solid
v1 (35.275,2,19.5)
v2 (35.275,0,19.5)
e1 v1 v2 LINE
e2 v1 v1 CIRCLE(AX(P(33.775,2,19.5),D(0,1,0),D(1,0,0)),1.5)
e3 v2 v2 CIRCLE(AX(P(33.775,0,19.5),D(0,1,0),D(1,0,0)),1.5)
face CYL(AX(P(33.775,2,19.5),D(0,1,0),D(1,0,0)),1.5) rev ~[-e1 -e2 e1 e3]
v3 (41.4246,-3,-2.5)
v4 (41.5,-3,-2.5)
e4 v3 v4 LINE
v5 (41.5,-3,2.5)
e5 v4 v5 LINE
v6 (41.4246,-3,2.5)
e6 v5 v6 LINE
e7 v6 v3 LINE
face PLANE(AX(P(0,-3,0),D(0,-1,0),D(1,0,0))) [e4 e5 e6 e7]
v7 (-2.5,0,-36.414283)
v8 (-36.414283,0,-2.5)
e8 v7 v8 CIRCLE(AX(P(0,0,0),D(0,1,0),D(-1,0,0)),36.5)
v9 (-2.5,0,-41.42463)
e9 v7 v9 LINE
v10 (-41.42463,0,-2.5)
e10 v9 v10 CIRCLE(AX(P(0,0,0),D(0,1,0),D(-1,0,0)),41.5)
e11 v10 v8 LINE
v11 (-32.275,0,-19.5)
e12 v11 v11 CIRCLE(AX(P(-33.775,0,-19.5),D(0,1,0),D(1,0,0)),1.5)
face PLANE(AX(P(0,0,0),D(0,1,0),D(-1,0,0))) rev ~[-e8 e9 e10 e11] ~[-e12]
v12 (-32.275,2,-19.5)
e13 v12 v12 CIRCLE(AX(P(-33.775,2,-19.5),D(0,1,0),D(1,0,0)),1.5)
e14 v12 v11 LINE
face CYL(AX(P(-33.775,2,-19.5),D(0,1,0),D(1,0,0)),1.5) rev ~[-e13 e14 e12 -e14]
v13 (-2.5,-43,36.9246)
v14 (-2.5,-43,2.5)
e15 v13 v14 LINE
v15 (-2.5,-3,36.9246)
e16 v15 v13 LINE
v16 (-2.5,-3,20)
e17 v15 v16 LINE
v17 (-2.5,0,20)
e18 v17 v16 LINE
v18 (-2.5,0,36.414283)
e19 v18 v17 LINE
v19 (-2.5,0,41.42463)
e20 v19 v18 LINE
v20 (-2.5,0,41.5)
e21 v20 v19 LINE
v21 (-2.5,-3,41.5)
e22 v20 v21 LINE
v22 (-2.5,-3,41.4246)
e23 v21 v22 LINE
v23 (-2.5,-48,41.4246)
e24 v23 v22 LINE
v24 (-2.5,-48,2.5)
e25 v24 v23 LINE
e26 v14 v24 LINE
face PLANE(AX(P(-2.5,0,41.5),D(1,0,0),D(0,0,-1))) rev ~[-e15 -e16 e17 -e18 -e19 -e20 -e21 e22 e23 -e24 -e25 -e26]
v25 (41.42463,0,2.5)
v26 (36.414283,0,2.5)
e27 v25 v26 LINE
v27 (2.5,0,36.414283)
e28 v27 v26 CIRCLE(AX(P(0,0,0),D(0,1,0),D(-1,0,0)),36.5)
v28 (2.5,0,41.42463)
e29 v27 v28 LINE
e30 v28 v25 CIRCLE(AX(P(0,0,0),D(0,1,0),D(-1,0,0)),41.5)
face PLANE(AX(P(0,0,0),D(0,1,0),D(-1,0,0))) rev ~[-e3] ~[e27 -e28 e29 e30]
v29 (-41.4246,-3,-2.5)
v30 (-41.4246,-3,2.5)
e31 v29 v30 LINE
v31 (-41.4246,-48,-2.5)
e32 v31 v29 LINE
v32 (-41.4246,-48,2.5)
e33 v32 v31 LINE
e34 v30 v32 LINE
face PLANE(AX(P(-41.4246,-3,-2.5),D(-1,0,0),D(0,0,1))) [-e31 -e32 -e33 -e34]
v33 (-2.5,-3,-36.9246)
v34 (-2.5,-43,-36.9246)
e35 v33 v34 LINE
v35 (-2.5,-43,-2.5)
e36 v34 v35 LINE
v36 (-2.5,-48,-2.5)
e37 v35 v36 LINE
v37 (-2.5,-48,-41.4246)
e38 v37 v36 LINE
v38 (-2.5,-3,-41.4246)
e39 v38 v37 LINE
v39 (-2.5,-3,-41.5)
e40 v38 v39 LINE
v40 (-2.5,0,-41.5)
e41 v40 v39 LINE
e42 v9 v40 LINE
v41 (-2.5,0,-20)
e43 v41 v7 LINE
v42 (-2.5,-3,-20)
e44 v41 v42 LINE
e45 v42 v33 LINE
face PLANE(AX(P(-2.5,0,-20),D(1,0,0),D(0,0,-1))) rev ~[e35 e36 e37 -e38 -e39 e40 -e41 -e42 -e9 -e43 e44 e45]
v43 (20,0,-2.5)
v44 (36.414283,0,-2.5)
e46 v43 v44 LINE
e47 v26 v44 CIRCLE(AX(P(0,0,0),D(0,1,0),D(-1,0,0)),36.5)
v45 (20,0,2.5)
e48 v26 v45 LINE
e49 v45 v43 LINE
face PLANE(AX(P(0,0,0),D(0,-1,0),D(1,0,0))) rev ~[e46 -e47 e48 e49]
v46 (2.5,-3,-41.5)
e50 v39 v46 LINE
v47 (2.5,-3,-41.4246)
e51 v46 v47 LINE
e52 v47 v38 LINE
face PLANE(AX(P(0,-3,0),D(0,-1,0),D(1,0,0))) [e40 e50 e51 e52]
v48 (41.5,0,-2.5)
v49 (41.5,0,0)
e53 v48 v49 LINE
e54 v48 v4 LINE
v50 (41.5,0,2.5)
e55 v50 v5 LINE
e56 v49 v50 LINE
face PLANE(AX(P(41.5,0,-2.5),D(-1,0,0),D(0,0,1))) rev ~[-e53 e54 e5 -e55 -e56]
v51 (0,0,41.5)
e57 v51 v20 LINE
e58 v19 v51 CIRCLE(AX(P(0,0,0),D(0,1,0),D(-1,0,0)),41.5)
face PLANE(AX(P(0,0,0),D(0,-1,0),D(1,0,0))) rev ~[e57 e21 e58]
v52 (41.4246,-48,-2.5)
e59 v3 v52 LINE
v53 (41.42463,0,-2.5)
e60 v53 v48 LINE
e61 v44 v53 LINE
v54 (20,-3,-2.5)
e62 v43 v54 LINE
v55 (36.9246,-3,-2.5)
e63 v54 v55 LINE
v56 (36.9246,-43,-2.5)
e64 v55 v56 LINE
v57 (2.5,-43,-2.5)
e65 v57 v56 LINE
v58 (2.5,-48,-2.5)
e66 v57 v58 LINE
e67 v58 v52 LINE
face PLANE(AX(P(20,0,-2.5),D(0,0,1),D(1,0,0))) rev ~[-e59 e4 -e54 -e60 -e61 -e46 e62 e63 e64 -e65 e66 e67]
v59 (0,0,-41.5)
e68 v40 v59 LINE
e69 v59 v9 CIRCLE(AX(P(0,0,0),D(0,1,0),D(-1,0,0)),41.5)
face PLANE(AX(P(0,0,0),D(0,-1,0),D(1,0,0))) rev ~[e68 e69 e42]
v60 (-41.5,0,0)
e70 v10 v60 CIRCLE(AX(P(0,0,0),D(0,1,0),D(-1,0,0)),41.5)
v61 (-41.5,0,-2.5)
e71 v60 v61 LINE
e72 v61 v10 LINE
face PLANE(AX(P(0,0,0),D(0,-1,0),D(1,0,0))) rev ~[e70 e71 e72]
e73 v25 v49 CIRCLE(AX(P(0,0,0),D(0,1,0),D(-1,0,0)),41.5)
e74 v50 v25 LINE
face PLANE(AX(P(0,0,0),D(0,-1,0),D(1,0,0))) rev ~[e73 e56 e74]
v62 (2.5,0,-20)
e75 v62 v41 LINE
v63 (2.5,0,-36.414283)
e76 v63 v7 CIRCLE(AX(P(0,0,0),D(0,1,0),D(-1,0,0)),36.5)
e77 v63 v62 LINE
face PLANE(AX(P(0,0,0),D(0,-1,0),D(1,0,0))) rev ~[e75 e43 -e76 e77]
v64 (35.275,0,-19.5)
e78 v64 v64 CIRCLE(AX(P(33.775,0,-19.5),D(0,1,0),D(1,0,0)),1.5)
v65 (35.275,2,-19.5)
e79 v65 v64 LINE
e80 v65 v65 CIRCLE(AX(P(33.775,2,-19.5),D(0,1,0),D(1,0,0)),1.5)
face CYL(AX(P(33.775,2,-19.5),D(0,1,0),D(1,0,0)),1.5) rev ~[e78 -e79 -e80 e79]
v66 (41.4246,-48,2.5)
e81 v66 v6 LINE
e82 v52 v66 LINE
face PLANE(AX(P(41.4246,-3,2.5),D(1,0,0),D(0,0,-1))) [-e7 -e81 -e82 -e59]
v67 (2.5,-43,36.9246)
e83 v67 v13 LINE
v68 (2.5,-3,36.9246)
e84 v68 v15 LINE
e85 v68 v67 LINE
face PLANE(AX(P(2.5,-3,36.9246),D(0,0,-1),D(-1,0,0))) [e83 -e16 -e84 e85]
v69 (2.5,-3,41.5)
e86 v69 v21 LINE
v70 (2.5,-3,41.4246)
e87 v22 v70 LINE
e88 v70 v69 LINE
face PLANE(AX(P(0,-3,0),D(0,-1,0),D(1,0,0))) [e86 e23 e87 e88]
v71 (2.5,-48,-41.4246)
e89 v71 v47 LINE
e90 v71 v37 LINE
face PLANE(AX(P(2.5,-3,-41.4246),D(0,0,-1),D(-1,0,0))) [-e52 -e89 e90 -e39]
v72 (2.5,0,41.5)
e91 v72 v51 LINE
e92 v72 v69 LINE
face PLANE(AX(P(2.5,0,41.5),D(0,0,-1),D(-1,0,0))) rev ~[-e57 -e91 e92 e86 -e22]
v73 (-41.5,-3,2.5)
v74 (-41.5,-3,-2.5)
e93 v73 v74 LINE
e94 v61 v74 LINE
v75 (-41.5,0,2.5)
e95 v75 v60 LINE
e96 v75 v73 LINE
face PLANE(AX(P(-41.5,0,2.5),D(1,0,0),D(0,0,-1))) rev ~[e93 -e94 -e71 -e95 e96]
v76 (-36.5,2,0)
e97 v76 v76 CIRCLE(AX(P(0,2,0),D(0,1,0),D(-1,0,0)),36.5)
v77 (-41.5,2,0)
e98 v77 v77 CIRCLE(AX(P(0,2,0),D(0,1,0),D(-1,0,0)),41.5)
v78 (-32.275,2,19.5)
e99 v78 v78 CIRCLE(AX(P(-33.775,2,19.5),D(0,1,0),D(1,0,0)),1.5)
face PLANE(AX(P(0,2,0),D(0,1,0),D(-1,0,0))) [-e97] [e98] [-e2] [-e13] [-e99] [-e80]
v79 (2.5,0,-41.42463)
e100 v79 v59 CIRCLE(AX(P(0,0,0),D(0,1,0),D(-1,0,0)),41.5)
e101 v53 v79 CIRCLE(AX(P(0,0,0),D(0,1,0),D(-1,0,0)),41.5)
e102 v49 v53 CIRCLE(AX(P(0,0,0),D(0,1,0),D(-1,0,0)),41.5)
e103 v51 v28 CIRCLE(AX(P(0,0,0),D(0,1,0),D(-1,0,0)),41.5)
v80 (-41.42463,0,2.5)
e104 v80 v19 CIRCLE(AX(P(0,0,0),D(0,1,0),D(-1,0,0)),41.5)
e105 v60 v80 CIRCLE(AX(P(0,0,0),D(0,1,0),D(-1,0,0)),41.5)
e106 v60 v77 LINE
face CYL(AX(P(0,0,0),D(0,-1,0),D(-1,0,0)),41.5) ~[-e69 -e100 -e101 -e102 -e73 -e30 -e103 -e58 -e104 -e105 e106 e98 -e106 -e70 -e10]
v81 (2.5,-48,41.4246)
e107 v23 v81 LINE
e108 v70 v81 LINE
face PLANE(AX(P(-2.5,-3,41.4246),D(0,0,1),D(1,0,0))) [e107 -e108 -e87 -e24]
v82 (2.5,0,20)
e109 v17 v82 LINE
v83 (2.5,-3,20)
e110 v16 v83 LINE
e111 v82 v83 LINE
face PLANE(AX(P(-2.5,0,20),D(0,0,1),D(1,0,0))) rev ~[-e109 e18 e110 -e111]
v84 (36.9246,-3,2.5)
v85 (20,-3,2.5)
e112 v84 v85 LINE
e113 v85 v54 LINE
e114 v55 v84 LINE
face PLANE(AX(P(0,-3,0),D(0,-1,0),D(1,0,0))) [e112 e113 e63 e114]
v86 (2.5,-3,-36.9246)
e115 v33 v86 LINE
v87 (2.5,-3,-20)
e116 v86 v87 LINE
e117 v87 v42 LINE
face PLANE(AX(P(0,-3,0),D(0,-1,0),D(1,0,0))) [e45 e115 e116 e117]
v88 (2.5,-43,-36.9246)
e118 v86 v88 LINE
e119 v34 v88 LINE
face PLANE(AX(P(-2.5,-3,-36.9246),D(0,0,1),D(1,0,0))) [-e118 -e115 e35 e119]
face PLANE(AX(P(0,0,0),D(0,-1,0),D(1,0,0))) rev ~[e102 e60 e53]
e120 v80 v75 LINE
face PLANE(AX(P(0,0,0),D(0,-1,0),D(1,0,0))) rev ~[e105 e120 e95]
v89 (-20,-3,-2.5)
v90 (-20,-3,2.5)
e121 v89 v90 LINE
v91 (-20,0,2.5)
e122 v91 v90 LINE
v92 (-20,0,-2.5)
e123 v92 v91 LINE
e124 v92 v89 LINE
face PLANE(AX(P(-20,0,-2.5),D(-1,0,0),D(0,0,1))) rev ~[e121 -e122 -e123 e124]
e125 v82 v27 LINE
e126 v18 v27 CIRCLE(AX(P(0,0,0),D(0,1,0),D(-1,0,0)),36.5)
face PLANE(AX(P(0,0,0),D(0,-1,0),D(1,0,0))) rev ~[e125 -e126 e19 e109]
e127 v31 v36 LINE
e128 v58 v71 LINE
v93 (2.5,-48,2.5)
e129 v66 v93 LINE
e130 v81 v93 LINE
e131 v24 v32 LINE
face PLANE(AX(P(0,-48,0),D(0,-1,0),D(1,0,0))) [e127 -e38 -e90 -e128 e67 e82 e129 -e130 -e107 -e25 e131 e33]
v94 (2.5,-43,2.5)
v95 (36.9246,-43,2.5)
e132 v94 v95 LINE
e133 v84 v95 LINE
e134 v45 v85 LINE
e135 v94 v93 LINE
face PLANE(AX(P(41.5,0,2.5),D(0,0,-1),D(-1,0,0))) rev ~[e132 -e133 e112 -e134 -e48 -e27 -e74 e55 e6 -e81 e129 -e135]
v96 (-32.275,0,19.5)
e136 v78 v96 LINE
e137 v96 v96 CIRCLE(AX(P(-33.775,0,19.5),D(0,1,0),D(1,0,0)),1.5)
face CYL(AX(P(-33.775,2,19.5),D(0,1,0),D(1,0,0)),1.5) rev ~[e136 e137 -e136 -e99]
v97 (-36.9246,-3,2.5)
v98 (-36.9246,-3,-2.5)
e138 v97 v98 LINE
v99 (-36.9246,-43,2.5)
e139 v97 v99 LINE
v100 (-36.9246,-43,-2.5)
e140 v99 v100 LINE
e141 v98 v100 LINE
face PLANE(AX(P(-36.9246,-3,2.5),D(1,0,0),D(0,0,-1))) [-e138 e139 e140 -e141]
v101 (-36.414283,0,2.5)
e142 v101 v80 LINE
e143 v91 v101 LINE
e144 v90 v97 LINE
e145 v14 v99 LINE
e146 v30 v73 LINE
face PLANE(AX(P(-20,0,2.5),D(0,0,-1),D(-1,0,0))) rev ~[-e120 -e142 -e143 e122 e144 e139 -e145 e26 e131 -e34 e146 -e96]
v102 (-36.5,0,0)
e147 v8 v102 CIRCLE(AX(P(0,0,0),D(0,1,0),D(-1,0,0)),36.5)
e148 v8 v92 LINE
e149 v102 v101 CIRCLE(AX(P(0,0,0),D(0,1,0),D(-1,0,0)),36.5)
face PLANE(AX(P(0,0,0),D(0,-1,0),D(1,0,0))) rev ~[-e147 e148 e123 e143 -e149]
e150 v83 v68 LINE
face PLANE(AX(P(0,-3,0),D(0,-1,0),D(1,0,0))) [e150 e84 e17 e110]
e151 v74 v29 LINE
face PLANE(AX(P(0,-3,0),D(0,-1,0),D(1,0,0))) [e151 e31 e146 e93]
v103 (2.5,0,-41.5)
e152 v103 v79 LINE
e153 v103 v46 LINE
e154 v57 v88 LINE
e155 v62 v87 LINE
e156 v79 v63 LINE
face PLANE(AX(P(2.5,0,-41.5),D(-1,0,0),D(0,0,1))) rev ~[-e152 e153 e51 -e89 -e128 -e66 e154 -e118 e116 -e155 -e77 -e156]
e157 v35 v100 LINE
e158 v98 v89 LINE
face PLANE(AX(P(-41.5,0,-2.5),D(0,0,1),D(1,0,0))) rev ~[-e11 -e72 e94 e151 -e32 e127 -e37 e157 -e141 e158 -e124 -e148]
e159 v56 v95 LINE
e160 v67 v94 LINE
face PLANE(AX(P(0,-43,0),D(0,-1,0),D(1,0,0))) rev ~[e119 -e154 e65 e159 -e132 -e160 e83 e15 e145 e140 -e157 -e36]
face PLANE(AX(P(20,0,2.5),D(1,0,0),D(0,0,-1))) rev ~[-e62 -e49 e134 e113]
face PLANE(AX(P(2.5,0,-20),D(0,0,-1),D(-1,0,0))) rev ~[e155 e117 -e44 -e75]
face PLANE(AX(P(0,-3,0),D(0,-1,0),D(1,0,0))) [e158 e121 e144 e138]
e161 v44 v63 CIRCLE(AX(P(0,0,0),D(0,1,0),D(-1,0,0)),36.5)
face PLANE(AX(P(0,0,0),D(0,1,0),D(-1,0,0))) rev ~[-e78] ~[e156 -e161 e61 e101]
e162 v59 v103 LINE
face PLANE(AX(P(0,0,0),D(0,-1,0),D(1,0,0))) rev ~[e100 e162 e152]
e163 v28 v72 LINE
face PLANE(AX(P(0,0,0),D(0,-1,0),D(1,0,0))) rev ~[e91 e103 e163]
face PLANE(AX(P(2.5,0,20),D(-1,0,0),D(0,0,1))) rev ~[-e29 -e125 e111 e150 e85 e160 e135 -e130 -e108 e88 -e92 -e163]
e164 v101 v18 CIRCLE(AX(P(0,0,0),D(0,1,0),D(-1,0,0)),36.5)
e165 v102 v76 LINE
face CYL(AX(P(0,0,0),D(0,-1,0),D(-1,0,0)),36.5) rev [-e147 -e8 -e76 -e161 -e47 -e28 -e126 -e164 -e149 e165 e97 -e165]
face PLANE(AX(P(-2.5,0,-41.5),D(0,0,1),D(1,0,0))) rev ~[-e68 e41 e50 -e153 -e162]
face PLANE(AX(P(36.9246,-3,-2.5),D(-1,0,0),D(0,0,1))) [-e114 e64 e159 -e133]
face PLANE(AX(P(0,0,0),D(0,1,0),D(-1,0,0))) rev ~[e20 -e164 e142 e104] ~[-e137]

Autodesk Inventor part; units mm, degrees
ref_plane "YZ Plane" through (0, 0, 0) normal (1, 0, 0) x (0, 1, 0)
ref_plane "XZ Plane" through (0, 0, 0) normal (0, 1, 0) x (-1, 0, 0)
ref_plane "XY Plane" through (0, 0, 0) normal (0, 0, 1) x (1, 0, 0)
sketch "Sketch1" plane through (0, 0, 0) normal (0, 1, 0) x (-1, 0, 0)
  circle A0 centre (0, 0) radius 41.5
  circle A1 centre (0, 0) radius 36.5
  dimension "d0" = 83
  dimension "d1" = 73
extrude "Extrusion1" add sketch "Sketch1" along normal blind 2
sketch "Sketch4" plane through (0, 0, 0) normal (0, -1, 0) x (1, 0, 0)
  line L0 (-2.5, -20) -> (-2.5, -41.5)
  line L1 (-2.5, -41.5) -> (2.5, -41.5)
  line L2 (2.5, -41.5) -> (2.5, -20)
  line L3 (3.2204, 53.4593) -> (-2.5, -41.5) construction
  line L4 (-3.2204, 53.4593) -> (2.5, -41.5) construction
  line L5 (2.5, -20) -> (-2.5, -20)
  line L6 (41.5, 2.5) -> (20, 2.5)
  line L7 (20, -2.5) -> (41.5, -2.5)
  line L8 (20, 2.5) -> (20, -2.5)
  line L9 (41.5, -2.5) -> (41.5, 2.5)
  line L10 (-2.5, 41.5) -> (-2.5, 20)
  line L11 (2.5, 20) -> (2.5, 41.5)
  line L12 (-2.5, 20) -> (2.5, 20)
  line L13 (2.5, 41.5) -> (-2.5, 41.5)
  line L14 (-41.5, -2.5) -> (-20, -2.5)
  line L15 (-20, 2.5) -> (-41.5, 2.5)
  line L16 (-20, -2.5) -> (-20, 2.5)
  line L17 (-41.5, 2.5) -> (-41.5, -2.5)
  point P0 (0, 0)
  dimension "d21" = 5
  dimension "d26" = 360
  dimension "d51" = 20
  dimension "d52" = 41.5
extrude "Extrusion3" add sketch "Sketch4" along normal blind 3
sketch "Sketch5" plane through (0, -3, 0) normal (0, -1, 0) x (1, 0, 0)
  arc A0 (-41.4246, 2.5) -> (2.5, -41.4246) centre (0, 0) ccw projected
  line L0 (2.5, -41.4246) -> (-2.5, -41.4246)
  line L1 (-2.5, -41.4246) -> (-2.5, -36.9246)
  line L2 (-2.5, -36.9246) -> (2.5, -36.9246)
  line L3 (2.5, -36.9246) -> (2.5, -41.4246)
  line L4 (41.4246, 2.5) -> (41.4246, -2.5)
  line L5 (41.4246, -2.5) -> (36.9246, -2.5)
  line L6 (36.9246, -2.5) -> (36.9246, 2.5)
  line L7 (36.9246, 2.5) -> (41.4246, 2.5)
  line L8 (-2.5, 41.4246) -> (2.5, 41.4246)
  line L9 (2.5, 41.4246) -> (2.5, 36.9246)
  line L10 (2.5, 36.9246) -> (-2.5, 36.9246)
  line L11 (-2.5, 36.9246) -> (-2.5, 41.4246)
  line L12 (-41.4246, -2.5) -> (-41.4246, 2.5)
  line L13 (-41.4246, 2.5) -> (-36.9246, 2.5)
  line L14 (-36.9246, 2.5) -> (-36.9246, -2.5)
  line L15 (-36.9246, -2.5) -> (-41.4246, -2.5)
  point P0 (0, -41.5)
  dimension "d30" = 5
  dimension "d31" = 4.5
  dimension "d34" = 360
extrude "Extrusion4" add sketch "Sketch5" along normal blind 40 contours L13 L14 L15 L12 | L1 L2 L3 L0 | L4 L5 L6 L7 | L8 L9 L10 L11
sketch "Sketch7" plane through (0, 2, 0) normal (0, 1, 0) x (1, 0, 0)
  circle A0 centre (0, -39) radius 1.5
  circle A1 centre (0, -44.5) radius 1.5
  circle A2 centre (38.5381, -22.25) radius 1.5
  circle A3 centre (33.775, -19.5) radius 1.5
  circle A4 centre (38.5381, 22.25) radius 1.5
  circle A5 centre (33.775, 19.5) radius 1.5
  circle A6 centre (0, 44.5) radius 1.5
  circle A7 centre (0, 39) radius 1.5
  circle A8 centre (-38.5381, 22.25) radius 1.5
  circle A9 centre (-33.775, 19.5) radius 1.5
  circle A10 centre (-38.5381, -22.25) radius 1.5
  circle A11 centre (-33.775, -19.5) radius 1.5
  point P0 (0, 0)
  dimension "d41" = 3
  dimension "d42" = 39
  dimension "d43" = 3
  dimension "d44" = 44.5
  dimension "d47" = 360
extrude "Extrusion6" cut sketch "Sketch7" against normal blind 10 contours A2 | A3 | A4 | A5 | A8 | A9 | A10 | A11
sketch "Sketch8" plane through (0, -43, 0) normal (0, -1, 0) x (1, 0, 0)
  line L0 (-2.5, 36.4143) -> (-2.5, 41.4246) projected
  arc A0 (0, -41.5) -> (2.5, -41.4246) centre (0, 0) ccw projected
  line L1 (-2.5, 41.4246) -> (2.5, 41.4246)
  line L2 (2.5, 41.4246) -> (2.5, -41.4246)
  line L3 (2.5, -41.4246) -> (-2.5, -41.4246)
  line L4 (-2.5, -41.4246) -> (-2.5, 41.4246)
  line L5 (-36.4143, -2.5) -> (-41.4246, -2.5) projected
  line L6 (36.4143, 2.5) -> (41.4246, 2.5) projected
  line L7 (-41.4246, -2.5) -> (41.4246, -2.5)
  line L8 (41.4246, -2.5) -> (41.4246, 2.5)
  line L9 (41.4246, 2.5) -> (-41.4246, 2.5)
  line L10 (-41.4246, 2.5) -> (-41.4246, -2.5)
extrude "Extrusion7" add sketch "Sketch8" along normal blind 5
properties part number "Bottom- Control Surfaces"
